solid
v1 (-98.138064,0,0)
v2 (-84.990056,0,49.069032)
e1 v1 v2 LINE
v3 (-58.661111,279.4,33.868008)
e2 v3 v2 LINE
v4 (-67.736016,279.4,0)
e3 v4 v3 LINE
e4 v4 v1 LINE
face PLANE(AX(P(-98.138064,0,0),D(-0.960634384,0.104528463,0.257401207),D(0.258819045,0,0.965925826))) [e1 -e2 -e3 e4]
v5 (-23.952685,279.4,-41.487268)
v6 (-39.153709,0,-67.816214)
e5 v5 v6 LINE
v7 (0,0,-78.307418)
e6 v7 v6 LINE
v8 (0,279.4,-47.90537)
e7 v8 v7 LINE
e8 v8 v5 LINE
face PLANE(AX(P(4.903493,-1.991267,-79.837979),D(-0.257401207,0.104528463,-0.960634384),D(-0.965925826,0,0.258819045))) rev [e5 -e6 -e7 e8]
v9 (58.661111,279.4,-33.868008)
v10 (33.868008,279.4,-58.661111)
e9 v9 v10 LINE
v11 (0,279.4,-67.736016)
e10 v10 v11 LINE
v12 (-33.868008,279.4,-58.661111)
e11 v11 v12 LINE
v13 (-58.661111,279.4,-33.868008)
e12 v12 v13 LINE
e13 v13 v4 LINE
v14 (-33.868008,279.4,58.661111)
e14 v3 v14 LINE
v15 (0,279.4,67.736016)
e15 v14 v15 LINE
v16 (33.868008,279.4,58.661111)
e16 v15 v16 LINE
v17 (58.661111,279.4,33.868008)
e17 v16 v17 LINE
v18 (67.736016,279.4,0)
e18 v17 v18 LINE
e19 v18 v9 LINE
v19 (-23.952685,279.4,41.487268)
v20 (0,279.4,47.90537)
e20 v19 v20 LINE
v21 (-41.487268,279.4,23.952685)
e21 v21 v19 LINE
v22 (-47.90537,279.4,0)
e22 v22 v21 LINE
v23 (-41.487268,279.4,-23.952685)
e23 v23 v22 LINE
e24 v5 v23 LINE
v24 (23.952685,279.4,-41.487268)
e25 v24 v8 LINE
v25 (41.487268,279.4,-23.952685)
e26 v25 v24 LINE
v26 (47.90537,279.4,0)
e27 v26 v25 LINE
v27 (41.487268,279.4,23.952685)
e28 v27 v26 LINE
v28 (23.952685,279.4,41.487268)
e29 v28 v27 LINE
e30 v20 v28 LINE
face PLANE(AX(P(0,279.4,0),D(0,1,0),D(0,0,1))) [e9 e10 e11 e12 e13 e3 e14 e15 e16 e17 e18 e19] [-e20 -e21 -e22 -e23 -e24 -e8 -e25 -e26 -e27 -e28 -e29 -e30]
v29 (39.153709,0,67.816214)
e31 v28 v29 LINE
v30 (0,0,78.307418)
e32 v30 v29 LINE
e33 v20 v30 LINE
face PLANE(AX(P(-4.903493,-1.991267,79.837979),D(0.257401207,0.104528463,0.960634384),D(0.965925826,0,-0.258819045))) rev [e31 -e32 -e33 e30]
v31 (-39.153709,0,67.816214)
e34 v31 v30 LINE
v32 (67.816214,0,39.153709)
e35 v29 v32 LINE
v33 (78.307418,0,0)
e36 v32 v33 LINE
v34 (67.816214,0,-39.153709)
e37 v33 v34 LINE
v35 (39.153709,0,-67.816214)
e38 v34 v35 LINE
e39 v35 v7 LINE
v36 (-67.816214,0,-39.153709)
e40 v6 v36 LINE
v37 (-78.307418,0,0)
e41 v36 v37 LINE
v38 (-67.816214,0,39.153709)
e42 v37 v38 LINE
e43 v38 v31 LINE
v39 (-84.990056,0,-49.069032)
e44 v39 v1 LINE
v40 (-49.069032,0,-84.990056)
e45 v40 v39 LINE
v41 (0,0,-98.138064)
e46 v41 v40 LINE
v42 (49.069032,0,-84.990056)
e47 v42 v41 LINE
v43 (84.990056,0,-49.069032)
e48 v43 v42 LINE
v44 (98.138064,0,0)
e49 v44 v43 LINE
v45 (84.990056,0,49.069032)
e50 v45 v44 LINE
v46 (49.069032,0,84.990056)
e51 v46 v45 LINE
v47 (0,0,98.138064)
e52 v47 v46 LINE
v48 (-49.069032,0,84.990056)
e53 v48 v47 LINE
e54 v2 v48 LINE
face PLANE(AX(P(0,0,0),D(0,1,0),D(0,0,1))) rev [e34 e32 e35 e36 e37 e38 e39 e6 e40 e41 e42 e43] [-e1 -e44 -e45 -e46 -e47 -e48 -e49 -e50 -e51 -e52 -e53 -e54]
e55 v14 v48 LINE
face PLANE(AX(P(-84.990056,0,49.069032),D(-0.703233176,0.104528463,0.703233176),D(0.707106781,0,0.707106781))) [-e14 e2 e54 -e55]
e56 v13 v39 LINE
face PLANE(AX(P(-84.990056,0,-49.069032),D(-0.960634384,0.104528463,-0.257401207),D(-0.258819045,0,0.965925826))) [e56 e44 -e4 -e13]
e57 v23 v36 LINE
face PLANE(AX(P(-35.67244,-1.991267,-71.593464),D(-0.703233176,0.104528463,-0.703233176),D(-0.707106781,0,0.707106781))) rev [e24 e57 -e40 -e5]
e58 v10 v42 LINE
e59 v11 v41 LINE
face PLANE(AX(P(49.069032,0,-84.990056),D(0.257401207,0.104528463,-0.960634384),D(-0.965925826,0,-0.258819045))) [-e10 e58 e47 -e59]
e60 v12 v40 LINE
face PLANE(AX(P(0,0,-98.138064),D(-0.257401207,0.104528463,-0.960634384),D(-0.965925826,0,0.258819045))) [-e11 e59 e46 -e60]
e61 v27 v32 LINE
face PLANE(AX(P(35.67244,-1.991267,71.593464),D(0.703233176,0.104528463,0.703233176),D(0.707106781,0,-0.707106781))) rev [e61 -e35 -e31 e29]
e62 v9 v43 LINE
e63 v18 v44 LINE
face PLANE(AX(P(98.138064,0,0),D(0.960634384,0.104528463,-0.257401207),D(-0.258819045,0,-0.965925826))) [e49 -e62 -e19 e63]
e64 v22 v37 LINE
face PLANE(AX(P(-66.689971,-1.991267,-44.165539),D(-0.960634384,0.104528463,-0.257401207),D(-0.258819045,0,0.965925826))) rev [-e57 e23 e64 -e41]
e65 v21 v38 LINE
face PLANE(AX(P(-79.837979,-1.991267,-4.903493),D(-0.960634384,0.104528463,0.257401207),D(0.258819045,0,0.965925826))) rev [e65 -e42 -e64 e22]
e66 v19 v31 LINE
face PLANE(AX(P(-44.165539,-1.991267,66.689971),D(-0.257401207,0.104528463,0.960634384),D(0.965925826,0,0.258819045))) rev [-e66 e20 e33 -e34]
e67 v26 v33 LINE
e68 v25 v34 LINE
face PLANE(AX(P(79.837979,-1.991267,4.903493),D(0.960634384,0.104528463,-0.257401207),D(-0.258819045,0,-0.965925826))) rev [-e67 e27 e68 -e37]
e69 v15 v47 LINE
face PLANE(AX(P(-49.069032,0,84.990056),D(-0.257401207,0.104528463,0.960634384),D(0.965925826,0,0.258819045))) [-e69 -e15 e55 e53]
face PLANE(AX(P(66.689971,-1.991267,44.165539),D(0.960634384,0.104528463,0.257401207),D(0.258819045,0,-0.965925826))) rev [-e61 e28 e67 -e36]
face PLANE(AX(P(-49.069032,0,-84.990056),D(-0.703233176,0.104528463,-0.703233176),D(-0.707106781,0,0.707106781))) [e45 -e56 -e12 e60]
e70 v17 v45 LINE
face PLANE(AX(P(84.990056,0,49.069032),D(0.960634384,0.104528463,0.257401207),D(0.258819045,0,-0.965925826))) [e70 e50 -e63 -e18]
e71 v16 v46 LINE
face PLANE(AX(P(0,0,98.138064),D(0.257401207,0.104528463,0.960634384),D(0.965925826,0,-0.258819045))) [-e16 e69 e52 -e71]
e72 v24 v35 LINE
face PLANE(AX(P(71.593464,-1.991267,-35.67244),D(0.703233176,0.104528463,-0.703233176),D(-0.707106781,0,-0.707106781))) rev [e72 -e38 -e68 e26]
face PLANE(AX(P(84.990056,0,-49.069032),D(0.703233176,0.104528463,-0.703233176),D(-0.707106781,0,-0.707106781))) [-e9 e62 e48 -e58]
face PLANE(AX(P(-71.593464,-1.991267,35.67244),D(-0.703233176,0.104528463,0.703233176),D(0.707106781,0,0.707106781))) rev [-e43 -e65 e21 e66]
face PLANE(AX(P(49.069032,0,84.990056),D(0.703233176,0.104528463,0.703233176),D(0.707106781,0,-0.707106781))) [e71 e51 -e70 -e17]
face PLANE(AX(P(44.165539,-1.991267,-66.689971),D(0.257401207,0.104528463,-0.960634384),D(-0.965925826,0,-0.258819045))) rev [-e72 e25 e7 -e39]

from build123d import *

# Parameters (mm, degrees)
BOSS_EXTRUDE1_DEPTH = 279.4
BOSS_EXTRUDE1_TAPER = 6
SHELL1_T            = -19.05


with BuildPart() as part:
    # Sketch1 → Boss-Extrude1 (new body)
    with BuildSketch(Plane(origin=(0, 0, 0), x_dir=(1, 0, 0), z_dir=(0, 1, 0))):
        Polygon((98.138063951, 0), (84.99005646, 49.069031975), (49.069031975, 84.99005646), (0, 98.138063951), (-49.069031975, 84.99005646), (-84.99005646, 49.069031975), (-98.138063951, 0), (-84.99005646, -49.069031975), (-49.069031975, -84.99005646), (0, -98.138063951), (49.069031975, -84.99005646), (84.99005646, -49.069031975), align=None)
    extrude(amount=BOSS_EXTRUDE1_DEPTH, taper=BOSS_EXTRUDE1_TAPER)

    # Shell1
    shell1_openings = [part.faces().sort_by_distance(p)[0] for p in [
        (0, 279.4, 0),
        (0, 0, 0),
    ]]
    offset(amount=SHELL1_T, openings=shell1_openings, kind=Kind.INTERSECTION)


solid = part.part
